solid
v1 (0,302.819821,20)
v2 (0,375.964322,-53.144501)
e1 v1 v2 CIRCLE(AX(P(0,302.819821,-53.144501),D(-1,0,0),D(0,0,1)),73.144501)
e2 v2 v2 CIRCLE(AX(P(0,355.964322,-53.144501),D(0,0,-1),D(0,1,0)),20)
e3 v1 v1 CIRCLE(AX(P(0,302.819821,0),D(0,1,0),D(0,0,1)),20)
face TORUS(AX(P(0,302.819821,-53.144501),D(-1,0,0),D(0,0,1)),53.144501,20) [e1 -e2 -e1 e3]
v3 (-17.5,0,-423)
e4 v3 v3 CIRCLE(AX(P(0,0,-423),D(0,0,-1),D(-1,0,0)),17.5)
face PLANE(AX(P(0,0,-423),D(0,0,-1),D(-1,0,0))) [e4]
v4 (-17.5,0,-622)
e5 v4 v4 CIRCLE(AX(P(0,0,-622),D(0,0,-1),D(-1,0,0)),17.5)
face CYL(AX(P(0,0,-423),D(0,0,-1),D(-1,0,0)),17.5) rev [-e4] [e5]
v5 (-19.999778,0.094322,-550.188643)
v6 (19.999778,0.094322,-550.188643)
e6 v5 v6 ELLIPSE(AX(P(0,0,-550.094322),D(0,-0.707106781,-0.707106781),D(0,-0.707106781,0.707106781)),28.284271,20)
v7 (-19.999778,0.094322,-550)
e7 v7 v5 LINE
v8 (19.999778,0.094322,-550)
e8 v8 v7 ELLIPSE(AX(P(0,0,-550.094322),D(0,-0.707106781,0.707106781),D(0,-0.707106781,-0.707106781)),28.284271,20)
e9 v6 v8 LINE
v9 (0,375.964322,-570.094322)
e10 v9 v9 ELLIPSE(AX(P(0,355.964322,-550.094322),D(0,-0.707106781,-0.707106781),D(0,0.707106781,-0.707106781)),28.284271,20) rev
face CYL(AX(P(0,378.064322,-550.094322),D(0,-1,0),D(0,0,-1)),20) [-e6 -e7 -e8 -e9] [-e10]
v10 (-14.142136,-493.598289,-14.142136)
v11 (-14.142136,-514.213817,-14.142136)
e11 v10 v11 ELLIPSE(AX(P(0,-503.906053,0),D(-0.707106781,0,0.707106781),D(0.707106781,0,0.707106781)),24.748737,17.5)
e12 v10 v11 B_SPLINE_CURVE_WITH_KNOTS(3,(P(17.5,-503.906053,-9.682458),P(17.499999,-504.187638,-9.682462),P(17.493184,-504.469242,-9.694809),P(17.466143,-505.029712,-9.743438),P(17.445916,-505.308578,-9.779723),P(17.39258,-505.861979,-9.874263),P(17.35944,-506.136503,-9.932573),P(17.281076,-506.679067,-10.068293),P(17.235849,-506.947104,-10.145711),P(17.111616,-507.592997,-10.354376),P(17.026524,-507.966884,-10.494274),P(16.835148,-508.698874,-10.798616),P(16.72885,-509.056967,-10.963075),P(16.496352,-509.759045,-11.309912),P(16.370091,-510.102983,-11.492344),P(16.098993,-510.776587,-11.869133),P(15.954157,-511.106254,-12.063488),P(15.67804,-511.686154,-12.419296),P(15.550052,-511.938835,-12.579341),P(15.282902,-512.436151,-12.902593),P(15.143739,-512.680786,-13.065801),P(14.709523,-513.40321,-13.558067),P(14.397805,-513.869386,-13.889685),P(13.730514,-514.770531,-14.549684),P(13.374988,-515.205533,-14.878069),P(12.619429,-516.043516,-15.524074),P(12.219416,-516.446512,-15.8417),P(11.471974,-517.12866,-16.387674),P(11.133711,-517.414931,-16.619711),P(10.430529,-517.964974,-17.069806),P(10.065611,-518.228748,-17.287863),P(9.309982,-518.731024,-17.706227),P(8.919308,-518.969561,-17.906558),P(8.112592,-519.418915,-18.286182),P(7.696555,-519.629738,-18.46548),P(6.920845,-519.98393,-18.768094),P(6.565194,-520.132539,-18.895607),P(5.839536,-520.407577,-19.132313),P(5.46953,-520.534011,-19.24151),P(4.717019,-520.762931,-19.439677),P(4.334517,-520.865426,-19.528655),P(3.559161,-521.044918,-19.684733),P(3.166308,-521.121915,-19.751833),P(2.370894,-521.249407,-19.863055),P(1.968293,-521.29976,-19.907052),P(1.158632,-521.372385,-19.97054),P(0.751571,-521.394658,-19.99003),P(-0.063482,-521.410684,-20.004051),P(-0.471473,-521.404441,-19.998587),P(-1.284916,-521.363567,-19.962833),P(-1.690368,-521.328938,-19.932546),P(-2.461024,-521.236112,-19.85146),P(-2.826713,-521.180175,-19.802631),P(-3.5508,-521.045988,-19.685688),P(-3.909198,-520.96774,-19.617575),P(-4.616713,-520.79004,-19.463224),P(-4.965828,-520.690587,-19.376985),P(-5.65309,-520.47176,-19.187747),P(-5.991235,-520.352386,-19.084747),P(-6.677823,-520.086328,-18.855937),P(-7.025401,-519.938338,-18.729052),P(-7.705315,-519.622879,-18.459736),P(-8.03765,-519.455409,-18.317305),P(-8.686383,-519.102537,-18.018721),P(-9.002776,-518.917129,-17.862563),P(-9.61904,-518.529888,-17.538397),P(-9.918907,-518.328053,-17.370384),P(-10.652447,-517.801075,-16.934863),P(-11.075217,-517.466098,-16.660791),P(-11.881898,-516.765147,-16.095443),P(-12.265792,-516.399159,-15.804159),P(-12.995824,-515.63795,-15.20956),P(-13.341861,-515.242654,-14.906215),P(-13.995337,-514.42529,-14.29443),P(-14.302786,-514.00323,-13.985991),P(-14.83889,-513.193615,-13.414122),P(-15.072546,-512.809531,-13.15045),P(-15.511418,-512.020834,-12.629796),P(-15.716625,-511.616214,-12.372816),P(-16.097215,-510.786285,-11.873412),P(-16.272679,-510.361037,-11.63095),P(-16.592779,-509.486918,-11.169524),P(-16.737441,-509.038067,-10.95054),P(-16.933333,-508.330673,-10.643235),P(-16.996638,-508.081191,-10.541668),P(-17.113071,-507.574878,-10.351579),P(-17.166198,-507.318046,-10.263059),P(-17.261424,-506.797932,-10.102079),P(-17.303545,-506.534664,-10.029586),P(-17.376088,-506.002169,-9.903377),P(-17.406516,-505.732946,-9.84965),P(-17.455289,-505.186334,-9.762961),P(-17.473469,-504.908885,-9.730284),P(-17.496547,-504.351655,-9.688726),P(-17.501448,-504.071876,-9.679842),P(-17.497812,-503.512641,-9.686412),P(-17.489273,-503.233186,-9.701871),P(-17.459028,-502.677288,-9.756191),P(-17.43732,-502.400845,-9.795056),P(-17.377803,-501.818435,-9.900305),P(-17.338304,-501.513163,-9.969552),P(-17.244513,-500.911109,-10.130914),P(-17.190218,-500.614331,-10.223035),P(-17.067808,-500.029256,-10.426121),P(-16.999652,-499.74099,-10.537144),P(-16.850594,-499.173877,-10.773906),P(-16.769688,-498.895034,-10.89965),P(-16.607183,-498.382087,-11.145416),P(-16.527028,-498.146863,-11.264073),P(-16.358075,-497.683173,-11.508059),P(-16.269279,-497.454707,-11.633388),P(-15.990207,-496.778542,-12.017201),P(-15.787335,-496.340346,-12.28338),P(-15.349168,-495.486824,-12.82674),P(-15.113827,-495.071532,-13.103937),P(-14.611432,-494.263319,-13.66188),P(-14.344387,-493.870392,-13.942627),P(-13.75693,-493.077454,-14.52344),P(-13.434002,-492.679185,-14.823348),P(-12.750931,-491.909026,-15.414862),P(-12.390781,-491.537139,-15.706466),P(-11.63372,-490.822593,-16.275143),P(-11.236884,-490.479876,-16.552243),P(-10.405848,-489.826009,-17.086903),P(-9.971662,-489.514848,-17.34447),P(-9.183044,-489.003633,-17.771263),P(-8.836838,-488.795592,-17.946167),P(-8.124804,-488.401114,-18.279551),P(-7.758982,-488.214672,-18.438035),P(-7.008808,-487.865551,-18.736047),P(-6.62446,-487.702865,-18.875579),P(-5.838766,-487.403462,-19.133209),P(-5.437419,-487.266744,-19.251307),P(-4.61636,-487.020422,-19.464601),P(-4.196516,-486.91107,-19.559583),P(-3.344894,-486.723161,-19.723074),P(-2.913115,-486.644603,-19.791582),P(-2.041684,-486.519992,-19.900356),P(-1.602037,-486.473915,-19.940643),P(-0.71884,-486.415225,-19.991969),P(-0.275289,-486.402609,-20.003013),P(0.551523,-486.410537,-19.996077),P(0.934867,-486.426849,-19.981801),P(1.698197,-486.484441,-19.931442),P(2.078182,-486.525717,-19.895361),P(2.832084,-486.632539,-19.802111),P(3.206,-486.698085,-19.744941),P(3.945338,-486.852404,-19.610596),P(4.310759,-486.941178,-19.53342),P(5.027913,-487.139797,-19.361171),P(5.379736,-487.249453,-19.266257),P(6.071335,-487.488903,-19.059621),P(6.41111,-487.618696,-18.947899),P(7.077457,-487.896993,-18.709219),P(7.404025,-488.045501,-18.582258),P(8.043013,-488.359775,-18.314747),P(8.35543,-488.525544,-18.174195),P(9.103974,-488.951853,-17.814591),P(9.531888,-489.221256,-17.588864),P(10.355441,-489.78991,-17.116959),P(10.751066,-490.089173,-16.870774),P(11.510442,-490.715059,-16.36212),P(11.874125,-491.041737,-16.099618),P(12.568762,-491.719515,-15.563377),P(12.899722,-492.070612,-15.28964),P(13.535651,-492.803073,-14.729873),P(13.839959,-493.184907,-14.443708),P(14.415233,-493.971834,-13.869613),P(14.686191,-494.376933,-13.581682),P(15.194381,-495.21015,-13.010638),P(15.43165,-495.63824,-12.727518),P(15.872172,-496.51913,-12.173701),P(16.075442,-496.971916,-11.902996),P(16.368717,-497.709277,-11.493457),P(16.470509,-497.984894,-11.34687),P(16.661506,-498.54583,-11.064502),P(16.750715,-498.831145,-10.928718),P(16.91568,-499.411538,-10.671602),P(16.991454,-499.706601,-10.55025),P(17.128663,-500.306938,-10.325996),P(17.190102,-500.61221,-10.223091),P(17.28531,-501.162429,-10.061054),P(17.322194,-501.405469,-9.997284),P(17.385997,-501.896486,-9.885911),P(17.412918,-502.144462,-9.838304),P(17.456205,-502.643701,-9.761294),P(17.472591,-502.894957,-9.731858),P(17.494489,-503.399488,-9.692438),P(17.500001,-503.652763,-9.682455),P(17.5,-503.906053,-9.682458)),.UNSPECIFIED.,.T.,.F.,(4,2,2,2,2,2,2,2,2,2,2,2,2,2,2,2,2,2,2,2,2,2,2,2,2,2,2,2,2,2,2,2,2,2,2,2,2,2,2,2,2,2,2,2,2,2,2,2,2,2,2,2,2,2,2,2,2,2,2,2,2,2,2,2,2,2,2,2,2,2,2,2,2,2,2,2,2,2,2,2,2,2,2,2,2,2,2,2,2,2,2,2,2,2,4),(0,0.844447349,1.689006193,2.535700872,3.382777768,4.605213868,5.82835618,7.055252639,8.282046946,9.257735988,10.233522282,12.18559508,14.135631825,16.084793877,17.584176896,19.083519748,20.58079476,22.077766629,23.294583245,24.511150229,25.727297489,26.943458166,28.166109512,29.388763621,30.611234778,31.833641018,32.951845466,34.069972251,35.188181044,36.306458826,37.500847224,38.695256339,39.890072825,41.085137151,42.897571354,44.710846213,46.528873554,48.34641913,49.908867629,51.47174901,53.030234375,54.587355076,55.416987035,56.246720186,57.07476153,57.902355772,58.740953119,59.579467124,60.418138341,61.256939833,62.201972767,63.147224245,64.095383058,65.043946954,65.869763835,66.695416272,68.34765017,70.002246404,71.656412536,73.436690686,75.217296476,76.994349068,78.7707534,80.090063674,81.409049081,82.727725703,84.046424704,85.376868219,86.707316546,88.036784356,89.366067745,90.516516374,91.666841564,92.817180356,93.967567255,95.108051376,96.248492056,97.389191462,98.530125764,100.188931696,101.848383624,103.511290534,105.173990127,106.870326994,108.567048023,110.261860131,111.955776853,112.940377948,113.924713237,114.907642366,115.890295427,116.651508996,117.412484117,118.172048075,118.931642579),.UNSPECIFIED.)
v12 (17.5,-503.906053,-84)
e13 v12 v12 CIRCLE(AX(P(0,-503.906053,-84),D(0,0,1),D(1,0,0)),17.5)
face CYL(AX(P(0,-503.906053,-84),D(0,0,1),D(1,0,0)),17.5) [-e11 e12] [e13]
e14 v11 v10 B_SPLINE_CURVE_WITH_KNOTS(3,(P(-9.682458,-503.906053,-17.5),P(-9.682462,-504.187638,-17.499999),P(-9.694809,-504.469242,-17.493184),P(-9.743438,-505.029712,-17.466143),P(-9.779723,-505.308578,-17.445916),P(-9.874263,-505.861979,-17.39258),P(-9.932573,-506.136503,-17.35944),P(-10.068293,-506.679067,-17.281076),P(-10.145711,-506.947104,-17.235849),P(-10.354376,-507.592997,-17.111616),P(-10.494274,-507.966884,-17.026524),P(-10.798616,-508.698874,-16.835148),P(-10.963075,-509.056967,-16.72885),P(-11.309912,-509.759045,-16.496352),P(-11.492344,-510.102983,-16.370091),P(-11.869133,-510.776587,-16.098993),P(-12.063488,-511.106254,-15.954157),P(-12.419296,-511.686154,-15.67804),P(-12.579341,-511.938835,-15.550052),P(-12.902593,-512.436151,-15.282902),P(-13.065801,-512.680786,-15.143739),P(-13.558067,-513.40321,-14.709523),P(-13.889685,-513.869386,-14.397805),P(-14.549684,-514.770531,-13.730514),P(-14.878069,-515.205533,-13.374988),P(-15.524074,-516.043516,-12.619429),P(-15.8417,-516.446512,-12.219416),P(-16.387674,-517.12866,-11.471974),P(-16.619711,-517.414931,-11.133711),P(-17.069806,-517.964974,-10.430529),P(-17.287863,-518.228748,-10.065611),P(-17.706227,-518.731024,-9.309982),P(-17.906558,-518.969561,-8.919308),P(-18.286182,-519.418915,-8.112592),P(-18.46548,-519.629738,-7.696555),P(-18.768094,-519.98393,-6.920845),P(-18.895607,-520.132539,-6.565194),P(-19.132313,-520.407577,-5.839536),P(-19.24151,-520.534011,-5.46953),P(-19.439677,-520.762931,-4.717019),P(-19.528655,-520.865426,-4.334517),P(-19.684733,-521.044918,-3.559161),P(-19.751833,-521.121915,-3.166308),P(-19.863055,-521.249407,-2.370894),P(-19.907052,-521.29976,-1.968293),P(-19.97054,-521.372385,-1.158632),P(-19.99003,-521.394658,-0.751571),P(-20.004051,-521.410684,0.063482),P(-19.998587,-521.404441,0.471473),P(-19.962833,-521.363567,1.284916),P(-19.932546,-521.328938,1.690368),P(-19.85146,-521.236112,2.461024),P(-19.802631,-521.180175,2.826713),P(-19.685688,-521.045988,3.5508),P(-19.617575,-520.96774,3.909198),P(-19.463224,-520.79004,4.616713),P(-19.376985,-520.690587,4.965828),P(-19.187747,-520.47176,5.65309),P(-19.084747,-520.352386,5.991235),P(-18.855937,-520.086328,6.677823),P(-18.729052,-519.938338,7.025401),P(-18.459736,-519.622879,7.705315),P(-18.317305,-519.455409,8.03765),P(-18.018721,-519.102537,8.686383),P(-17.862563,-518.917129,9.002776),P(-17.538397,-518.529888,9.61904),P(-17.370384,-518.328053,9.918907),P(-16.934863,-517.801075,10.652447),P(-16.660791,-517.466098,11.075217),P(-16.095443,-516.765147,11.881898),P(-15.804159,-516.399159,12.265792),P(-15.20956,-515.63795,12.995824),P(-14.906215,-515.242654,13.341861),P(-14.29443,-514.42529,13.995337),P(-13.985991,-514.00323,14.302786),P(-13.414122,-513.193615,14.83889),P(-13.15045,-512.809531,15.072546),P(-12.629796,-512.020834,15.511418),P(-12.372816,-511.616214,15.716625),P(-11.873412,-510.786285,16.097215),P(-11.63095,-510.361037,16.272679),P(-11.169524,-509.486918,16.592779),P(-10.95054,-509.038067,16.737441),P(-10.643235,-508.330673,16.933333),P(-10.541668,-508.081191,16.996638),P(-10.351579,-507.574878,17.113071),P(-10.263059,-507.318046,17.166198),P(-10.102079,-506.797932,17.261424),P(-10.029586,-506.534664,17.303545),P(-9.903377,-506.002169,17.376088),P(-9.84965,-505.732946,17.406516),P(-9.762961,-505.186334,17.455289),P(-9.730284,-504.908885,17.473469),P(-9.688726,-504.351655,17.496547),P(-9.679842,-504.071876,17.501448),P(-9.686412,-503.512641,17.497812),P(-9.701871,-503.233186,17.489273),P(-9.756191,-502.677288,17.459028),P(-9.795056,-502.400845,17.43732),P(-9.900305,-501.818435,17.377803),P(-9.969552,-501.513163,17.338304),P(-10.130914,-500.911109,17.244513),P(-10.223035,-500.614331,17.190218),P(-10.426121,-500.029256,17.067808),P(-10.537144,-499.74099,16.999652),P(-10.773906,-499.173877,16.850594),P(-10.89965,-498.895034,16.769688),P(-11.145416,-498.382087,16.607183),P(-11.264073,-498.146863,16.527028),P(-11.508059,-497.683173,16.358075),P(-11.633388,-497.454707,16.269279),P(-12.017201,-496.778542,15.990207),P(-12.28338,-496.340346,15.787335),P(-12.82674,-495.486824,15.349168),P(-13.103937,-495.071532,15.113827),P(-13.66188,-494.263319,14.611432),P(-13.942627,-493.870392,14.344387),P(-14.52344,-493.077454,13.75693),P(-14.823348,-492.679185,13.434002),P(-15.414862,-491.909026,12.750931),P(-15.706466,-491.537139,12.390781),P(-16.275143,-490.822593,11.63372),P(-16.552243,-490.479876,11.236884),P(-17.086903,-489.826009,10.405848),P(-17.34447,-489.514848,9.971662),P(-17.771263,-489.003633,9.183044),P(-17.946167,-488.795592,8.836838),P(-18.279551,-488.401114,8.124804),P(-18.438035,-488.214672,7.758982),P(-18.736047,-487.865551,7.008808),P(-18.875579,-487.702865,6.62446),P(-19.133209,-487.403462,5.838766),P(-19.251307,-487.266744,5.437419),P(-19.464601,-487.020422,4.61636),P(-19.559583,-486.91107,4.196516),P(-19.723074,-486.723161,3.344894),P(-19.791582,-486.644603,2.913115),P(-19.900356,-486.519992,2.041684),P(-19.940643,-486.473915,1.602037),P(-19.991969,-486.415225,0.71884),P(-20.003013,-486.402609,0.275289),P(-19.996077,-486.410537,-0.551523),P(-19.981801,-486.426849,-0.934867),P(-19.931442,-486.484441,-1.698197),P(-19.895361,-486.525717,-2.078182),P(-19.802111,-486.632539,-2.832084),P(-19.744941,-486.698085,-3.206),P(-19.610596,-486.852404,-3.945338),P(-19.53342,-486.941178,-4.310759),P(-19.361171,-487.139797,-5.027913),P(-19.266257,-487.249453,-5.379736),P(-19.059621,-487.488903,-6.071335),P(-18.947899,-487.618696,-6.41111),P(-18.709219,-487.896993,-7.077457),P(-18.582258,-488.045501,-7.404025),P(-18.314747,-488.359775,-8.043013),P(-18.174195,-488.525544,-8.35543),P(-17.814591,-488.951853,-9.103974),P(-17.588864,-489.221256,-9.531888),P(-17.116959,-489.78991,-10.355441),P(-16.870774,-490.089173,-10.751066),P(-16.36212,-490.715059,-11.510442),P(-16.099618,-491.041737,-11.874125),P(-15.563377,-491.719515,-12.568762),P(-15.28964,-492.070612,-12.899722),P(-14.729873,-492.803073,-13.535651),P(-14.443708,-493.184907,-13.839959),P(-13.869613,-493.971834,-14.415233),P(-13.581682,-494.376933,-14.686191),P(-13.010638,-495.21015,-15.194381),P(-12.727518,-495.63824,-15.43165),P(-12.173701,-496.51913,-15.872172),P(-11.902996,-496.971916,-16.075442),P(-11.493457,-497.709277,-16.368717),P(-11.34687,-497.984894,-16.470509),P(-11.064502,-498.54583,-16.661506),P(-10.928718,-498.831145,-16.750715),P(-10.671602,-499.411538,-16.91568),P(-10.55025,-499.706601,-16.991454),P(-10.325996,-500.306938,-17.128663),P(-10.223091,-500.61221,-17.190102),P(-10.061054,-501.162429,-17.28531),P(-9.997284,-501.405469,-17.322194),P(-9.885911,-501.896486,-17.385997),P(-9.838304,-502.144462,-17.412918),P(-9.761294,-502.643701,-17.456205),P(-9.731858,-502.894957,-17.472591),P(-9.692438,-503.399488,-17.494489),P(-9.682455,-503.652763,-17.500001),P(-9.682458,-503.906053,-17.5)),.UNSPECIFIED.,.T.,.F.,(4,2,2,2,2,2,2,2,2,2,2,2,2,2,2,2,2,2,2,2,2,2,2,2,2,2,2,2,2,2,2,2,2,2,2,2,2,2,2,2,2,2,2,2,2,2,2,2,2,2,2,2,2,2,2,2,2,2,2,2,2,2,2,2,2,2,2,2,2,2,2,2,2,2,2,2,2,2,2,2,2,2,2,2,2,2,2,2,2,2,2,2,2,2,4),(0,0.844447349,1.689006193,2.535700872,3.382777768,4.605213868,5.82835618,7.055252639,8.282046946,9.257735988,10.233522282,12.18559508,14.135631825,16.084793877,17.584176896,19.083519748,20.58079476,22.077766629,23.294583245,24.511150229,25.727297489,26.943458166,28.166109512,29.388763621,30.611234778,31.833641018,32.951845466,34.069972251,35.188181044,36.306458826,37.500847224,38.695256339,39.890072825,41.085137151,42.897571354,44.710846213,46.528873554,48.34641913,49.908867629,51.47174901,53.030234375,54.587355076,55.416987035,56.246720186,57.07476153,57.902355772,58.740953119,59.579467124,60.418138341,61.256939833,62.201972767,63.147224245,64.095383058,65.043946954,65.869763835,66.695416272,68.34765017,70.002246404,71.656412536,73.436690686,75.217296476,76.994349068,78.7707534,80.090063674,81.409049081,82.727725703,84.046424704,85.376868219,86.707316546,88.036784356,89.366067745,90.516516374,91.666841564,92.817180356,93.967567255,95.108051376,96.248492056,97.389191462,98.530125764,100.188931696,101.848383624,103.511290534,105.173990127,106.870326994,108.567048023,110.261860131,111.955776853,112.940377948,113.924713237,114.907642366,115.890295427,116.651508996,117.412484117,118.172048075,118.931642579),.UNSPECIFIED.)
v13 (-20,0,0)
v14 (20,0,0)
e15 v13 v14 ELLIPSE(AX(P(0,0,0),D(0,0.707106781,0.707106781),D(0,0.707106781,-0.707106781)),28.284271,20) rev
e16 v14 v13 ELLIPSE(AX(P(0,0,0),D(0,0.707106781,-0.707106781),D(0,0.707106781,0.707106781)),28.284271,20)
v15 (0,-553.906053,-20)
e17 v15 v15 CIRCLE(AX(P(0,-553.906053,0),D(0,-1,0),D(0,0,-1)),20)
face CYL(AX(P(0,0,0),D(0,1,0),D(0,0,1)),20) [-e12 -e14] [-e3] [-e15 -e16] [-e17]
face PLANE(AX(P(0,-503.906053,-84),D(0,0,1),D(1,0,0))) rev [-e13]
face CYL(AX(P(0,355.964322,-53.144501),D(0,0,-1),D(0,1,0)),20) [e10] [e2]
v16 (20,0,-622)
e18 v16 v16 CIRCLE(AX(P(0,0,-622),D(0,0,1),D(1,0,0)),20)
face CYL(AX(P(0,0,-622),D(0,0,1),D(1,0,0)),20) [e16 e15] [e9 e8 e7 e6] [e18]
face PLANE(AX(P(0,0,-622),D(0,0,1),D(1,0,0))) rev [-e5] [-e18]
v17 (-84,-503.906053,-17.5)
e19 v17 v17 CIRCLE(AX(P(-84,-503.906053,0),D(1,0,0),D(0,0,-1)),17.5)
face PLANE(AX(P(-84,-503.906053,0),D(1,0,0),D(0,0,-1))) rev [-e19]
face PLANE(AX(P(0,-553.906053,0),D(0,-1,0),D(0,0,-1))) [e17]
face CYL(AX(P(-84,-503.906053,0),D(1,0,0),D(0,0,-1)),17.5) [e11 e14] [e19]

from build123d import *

# Parameters (mm, degrees)
SKETCH2_R           = 20
SKETCH4_R           = 20
BOSS_EXTRUDE1_DEPTH = 553.90605298
SKETCH5_R           = 20
BOSS_EXTRUDE2_DEPTH = 622
SKETCH6_R           = 17.5
CUT_EXTRUDE1_DEPTH  = 199
SKETCH7_R           = 17.5
BOSS_EXTRUDE3_DEPTH = 84
SKETCH9_R           = 17.5
BOSS_EXTRUDE4_DEPTH = 84


with BuildPart() as part:
    # Sweep1: sweep along a path in Sketch3
    with BuildLine(Plane(origin=(0, 0, 0), x_dir=(0, 0, -1), z_dir=(1, 0, 0))) as sweep1_path:
        Line((0, 0), (0, 302.819820908))
        ThreePointArc((0, 302.819820908), (15.565663847, 340.398657675), (53.144500614, 355.964321522))
        Line((53.144500614, 355.964321522), (550.094321522, 355.964321522))
        Line((550.094321522, 355.964321522), (550.094321522, 0.094321522))
    # Sketch2 → Sweep1 (sweep)
    with BuildSketch(Plane(origin=(0, 0, 0), x_dir=(1, 0, 0), z_dir=(0, 1, 0))):
        Circle(SKETCH2_R)
    sweep(path=sweep1_path.line, transition=Transition.RIGHT)

    # Sketch4 → Boss-Extrude1 (add)
    with BuildSketch(Plane.XZ):
        with Locations(Location((0, 0, 0), (0, 0, 90))):
            Circle(SKETCH4_R)
    extrude(amount=BOSS_EXTRUDE1_DEPTH)

    # Sketch5 → Boss-Extrude2 (add)
    with BuildSketch(Plane.XY):
        Circle(SKETCH5_R)
    extrude(amount=-BOSS_EXTRUDE2_DEPTH)

    # Sketch6 → Cut-Extrude1 (cut)
    with BuildSketch(Plane(origin=(0, 0, -622), x_dir=(-1, 0, 0), z_dir=(0, 0, -1))):
        Circle(SKETCH6_R)
    extrude(amount=-CUT_EXTRUDE1_DEPTH, mode=Mode.SUBTRACT)

    # Sketch7 → Boss-Extrude3 (add)
    with BuildSketch(Plane.XY):
        with Locations((0, -503.90605298)):
            Circle(SKETCH7_R)
    extrude(amount=-BOSS_EXTRUDE3_DEPTH)

    # Sketch9 → Boss-Extrude4 (add)
    with BuildSketch(Plane(origin=(0, 0, 0), x_dir=(0, 0, -1), z_dir=(1, 0, 0))):
        with Locations((0, -503.90605298)):
            Circle(SKETCH9_R)
    extrude(amount=-BOSS_EXTRUDE4_DEPTH)


solid = part.part
